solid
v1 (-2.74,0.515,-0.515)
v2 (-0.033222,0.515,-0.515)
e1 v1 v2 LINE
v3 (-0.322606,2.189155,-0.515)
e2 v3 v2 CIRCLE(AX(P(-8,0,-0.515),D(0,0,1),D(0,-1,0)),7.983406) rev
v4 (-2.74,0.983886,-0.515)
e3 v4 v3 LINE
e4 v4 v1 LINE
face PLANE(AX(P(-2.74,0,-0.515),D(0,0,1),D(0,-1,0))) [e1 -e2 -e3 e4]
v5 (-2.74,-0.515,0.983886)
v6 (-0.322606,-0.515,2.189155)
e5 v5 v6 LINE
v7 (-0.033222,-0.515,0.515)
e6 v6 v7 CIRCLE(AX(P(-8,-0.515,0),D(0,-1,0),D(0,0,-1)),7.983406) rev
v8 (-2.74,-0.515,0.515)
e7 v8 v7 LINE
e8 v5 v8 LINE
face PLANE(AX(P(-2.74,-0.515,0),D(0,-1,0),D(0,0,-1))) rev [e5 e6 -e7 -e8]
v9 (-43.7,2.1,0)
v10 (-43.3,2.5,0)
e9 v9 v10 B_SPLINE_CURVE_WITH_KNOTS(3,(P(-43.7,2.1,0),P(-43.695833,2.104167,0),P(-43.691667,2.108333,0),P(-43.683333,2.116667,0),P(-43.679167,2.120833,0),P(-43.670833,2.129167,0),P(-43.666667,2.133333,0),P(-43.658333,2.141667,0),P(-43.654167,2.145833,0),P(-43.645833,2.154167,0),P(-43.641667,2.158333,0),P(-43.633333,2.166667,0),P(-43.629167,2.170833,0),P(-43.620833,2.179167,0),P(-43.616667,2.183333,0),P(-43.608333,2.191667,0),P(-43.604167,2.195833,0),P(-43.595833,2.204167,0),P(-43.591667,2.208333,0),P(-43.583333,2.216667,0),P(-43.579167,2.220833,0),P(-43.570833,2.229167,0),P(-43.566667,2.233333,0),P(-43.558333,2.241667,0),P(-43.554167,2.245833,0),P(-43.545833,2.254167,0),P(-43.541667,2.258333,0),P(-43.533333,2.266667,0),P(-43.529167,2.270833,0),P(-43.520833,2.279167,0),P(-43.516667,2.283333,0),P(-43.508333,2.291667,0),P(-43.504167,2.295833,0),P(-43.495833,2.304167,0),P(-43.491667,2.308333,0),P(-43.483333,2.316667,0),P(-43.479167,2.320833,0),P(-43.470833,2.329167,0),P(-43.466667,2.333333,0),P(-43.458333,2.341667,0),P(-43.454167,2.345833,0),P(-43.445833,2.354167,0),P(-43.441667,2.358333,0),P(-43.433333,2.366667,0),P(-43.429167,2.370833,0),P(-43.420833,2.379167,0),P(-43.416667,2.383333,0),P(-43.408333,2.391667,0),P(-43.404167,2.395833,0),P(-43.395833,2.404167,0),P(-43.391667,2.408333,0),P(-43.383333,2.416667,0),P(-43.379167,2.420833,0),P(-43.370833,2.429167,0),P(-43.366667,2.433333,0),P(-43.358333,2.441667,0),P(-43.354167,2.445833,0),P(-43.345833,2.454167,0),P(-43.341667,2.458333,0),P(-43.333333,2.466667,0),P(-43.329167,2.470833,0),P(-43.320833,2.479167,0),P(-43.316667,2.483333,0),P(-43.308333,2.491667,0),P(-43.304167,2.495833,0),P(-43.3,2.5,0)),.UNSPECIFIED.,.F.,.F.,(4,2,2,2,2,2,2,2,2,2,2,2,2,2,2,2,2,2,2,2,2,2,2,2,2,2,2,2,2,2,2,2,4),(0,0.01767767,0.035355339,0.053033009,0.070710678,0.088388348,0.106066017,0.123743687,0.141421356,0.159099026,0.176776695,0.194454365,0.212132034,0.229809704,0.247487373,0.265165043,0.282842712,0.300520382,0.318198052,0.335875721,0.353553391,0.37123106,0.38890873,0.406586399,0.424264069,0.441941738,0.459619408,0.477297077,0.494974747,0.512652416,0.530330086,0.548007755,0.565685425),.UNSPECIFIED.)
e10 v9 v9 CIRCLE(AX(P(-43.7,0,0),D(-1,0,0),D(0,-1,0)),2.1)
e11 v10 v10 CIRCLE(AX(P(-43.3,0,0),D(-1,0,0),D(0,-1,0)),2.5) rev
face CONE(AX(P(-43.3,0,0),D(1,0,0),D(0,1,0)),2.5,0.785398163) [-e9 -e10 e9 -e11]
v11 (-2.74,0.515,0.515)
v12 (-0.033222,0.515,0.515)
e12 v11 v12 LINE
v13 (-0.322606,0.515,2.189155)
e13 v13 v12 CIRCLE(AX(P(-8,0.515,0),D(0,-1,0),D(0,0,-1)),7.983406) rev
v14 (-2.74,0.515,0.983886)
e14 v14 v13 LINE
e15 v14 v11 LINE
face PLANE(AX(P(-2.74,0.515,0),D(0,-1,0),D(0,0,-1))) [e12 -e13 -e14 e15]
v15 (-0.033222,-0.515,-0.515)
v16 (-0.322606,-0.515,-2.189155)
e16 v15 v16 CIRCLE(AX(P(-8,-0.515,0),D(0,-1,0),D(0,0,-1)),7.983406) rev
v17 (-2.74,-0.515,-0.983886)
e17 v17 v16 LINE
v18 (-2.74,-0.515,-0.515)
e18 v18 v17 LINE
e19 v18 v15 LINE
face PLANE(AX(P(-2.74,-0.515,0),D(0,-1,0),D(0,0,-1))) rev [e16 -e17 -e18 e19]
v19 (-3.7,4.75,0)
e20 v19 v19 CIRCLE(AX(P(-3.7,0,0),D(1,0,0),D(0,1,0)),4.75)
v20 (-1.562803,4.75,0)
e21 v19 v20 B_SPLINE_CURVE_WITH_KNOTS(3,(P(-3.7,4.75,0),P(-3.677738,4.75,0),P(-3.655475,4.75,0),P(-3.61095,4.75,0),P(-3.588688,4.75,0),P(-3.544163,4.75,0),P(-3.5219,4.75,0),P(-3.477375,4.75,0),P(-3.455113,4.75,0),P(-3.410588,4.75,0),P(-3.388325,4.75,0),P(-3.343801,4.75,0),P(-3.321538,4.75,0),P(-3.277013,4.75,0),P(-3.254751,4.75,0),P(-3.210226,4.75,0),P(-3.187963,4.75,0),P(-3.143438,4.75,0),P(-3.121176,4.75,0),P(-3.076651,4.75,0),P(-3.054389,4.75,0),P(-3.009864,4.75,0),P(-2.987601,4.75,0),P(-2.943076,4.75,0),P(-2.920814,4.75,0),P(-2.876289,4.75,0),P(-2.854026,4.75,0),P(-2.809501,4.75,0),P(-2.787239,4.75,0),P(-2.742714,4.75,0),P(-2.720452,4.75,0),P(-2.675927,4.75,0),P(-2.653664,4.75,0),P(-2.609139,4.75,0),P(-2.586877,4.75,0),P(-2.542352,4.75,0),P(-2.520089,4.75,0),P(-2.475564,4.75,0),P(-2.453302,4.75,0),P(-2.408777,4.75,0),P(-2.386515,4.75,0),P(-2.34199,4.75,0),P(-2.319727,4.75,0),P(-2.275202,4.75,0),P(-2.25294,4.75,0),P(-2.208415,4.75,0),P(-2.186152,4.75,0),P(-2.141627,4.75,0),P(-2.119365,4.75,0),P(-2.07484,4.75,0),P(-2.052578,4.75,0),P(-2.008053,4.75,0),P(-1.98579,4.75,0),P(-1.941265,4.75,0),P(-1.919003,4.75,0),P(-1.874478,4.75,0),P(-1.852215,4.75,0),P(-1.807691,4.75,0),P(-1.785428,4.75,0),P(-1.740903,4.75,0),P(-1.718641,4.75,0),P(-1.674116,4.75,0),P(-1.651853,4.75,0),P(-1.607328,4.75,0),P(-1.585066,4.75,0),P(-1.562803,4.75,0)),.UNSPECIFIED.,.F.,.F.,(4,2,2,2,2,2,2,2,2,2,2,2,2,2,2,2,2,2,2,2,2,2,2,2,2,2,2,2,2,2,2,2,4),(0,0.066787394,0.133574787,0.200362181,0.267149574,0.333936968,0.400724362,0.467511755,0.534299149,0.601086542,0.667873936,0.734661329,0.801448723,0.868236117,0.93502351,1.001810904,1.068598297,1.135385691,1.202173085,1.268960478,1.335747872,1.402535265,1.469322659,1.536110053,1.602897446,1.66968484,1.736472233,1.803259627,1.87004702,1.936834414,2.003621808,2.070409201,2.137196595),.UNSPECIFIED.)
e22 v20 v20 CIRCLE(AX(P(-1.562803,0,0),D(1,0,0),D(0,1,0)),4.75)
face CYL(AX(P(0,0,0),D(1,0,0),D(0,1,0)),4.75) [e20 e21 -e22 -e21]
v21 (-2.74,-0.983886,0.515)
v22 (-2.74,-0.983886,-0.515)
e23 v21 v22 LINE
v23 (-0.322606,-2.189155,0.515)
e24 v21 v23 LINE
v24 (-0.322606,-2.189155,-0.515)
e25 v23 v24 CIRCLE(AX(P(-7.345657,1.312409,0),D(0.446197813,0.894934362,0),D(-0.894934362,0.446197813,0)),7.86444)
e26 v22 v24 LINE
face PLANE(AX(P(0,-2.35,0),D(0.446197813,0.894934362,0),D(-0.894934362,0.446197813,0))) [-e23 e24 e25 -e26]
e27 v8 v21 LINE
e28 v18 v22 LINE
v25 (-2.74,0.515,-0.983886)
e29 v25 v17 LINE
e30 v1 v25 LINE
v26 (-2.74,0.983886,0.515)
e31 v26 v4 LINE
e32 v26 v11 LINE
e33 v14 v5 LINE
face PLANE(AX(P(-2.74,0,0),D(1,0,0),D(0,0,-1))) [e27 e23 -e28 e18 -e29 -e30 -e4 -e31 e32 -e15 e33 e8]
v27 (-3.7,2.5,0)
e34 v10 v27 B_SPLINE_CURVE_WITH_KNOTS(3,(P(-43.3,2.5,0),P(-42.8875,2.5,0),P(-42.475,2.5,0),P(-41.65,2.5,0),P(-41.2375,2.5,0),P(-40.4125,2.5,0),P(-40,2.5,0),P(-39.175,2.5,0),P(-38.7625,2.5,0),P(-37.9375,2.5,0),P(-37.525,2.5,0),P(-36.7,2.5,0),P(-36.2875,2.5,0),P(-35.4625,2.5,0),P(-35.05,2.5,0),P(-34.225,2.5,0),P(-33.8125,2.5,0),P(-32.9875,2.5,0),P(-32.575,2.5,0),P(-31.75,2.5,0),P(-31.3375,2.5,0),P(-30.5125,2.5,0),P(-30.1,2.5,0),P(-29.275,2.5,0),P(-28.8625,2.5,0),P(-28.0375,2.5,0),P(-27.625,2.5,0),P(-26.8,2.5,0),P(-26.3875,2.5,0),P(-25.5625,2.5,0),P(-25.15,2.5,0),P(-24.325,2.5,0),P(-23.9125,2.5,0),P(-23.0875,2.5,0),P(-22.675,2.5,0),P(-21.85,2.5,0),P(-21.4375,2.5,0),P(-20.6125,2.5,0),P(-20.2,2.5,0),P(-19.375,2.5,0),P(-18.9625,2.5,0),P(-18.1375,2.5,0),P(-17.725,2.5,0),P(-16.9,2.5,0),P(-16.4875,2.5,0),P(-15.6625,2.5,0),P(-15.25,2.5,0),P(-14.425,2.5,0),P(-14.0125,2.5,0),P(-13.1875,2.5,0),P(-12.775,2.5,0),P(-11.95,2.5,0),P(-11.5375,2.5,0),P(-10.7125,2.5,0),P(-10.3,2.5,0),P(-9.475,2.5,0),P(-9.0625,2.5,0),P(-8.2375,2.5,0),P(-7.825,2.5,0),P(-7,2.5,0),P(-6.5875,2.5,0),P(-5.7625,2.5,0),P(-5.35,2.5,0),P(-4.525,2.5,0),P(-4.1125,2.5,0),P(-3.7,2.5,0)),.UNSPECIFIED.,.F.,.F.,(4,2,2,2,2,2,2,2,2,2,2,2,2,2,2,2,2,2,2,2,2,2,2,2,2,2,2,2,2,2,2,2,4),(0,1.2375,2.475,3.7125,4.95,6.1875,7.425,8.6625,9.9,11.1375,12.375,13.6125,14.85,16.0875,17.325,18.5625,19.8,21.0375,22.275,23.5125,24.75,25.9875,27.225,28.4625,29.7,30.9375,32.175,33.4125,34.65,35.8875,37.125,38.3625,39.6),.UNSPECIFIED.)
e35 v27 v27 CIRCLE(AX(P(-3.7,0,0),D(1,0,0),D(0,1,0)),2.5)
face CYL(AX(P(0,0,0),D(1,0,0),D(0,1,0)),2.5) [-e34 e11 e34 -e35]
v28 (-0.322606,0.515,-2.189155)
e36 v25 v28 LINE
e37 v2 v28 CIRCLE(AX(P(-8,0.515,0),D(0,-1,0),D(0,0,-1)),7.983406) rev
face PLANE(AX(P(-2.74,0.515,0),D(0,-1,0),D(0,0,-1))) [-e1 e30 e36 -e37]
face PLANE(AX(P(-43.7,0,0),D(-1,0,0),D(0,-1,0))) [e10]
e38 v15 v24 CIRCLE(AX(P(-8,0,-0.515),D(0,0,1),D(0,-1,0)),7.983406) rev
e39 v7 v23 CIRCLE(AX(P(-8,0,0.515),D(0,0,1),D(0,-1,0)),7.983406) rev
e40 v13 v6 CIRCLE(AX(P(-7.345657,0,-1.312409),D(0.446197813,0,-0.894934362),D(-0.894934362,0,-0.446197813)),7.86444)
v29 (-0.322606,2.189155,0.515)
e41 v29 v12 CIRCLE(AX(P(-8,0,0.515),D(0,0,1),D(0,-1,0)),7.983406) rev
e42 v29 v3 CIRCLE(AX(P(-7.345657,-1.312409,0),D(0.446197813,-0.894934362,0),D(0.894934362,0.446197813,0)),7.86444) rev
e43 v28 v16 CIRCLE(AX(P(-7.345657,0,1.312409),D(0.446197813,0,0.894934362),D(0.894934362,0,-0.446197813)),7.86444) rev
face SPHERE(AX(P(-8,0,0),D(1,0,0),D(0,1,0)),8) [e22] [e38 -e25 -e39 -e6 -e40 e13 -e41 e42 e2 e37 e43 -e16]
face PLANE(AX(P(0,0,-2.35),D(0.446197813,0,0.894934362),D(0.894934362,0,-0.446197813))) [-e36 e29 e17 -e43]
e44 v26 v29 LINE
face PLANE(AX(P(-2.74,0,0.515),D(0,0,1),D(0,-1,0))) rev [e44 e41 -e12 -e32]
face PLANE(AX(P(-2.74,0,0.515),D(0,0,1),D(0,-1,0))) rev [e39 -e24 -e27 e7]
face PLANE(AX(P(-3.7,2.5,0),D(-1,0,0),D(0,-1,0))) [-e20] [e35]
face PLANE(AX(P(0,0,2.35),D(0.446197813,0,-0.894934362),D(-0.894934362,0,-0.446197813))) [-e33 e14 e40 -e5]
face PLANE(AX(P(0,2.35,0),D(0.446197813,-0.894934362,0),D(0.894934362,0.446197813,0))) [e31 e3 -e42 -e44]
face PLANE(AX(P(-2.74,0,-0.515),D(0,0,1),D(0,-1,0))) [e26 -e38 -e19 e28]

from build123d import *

# Parameters (mm, degrees)
SKETCH2_W          = 1.835
SKETCH2_H          = 1.03
SKETCH2_W_2        = 1.03
SKETCH2_H_2        = 1.835
CUT_EXTRUDE1_DEPTH = 2.74
CHAMFER1_SIZE      = 0.4
DRAFT1_ANGLE       = 26.5


with BuildPart() as part:
    # Sketch1 → Revolve1 (revolve)
    with BuildSketch(Plane.XY):
        with BuildLine():
            Line((-43.7, 0), (-43.7, 2.5))
            Line((-43.7, 2.5), (-3.7, 2.5))
            Line((-3.7, 2.5), (-3.7, 4.75))
            Line((-3.7, 4.75), (-1.562803405, 4.75))
            ThreePointArc((-1.562803405, 4.75), (-0.400737774, 2.500242712), (0, 0))
            Line((0, 0), (-43.7, 0))
        make_face()
    revolve(axis=Axis((0, 0, 0), (-1, 0, 0)))

    # Sketch2 → Cut-Extrude1 (cut)
    with BuildSketch(Plane(origin=(0, 0, 0), x_dir=(0, 0, -1), z_dir=(1, 0, 0))):
        with Locations((-1.4325, 0)):
            Rectangle(SKETCH2_W, SKETCH2_H)
        with Locations((0, 1.4325)):
            Rectangle(SKETCH2_W_2, SKETCH2_H_2)
        Rectangle(SKETCH2_W_2, SKETCH2_H)
        with Locations((0, -1.4325)):
            Rectangle(SKETCH2_W_2, SKETCH2_H_2)
        with Locations((1.4325, 0)):
            Rectangle(SKETCH2_W, SKETCH2_H)
    extrude(amount=-CUT_EXTRUDE1_DEPTH, mode=Mode.SUBTRACT)

    # Chamfer1
    chamfer1_edges = [part.edges().sort_by_distance(p)[0] for p in [
        (-43.7, -2.5, 0),
    ]]
    chamfer(chamfer1_edges, length=CHAMFER1_SIZE)

    # Draft1
    draft1_faces = [part.faces().sort_by_distance(p)[0] for p in [
        (-1.549357489, 0, -2.35),
        (-1.549357489, -2.35, 0),
        (-1.549357489, 2.35, 0),
        (-1.549357489, 0, 2.35),
    ]]
    draft(draft1_faces, Plane(origin=(0, 0, 0), x_dir=(0, 0, 1), z_dir=(1, 0, 0)), DRAFT1_ANGLE)


solid = part.part
